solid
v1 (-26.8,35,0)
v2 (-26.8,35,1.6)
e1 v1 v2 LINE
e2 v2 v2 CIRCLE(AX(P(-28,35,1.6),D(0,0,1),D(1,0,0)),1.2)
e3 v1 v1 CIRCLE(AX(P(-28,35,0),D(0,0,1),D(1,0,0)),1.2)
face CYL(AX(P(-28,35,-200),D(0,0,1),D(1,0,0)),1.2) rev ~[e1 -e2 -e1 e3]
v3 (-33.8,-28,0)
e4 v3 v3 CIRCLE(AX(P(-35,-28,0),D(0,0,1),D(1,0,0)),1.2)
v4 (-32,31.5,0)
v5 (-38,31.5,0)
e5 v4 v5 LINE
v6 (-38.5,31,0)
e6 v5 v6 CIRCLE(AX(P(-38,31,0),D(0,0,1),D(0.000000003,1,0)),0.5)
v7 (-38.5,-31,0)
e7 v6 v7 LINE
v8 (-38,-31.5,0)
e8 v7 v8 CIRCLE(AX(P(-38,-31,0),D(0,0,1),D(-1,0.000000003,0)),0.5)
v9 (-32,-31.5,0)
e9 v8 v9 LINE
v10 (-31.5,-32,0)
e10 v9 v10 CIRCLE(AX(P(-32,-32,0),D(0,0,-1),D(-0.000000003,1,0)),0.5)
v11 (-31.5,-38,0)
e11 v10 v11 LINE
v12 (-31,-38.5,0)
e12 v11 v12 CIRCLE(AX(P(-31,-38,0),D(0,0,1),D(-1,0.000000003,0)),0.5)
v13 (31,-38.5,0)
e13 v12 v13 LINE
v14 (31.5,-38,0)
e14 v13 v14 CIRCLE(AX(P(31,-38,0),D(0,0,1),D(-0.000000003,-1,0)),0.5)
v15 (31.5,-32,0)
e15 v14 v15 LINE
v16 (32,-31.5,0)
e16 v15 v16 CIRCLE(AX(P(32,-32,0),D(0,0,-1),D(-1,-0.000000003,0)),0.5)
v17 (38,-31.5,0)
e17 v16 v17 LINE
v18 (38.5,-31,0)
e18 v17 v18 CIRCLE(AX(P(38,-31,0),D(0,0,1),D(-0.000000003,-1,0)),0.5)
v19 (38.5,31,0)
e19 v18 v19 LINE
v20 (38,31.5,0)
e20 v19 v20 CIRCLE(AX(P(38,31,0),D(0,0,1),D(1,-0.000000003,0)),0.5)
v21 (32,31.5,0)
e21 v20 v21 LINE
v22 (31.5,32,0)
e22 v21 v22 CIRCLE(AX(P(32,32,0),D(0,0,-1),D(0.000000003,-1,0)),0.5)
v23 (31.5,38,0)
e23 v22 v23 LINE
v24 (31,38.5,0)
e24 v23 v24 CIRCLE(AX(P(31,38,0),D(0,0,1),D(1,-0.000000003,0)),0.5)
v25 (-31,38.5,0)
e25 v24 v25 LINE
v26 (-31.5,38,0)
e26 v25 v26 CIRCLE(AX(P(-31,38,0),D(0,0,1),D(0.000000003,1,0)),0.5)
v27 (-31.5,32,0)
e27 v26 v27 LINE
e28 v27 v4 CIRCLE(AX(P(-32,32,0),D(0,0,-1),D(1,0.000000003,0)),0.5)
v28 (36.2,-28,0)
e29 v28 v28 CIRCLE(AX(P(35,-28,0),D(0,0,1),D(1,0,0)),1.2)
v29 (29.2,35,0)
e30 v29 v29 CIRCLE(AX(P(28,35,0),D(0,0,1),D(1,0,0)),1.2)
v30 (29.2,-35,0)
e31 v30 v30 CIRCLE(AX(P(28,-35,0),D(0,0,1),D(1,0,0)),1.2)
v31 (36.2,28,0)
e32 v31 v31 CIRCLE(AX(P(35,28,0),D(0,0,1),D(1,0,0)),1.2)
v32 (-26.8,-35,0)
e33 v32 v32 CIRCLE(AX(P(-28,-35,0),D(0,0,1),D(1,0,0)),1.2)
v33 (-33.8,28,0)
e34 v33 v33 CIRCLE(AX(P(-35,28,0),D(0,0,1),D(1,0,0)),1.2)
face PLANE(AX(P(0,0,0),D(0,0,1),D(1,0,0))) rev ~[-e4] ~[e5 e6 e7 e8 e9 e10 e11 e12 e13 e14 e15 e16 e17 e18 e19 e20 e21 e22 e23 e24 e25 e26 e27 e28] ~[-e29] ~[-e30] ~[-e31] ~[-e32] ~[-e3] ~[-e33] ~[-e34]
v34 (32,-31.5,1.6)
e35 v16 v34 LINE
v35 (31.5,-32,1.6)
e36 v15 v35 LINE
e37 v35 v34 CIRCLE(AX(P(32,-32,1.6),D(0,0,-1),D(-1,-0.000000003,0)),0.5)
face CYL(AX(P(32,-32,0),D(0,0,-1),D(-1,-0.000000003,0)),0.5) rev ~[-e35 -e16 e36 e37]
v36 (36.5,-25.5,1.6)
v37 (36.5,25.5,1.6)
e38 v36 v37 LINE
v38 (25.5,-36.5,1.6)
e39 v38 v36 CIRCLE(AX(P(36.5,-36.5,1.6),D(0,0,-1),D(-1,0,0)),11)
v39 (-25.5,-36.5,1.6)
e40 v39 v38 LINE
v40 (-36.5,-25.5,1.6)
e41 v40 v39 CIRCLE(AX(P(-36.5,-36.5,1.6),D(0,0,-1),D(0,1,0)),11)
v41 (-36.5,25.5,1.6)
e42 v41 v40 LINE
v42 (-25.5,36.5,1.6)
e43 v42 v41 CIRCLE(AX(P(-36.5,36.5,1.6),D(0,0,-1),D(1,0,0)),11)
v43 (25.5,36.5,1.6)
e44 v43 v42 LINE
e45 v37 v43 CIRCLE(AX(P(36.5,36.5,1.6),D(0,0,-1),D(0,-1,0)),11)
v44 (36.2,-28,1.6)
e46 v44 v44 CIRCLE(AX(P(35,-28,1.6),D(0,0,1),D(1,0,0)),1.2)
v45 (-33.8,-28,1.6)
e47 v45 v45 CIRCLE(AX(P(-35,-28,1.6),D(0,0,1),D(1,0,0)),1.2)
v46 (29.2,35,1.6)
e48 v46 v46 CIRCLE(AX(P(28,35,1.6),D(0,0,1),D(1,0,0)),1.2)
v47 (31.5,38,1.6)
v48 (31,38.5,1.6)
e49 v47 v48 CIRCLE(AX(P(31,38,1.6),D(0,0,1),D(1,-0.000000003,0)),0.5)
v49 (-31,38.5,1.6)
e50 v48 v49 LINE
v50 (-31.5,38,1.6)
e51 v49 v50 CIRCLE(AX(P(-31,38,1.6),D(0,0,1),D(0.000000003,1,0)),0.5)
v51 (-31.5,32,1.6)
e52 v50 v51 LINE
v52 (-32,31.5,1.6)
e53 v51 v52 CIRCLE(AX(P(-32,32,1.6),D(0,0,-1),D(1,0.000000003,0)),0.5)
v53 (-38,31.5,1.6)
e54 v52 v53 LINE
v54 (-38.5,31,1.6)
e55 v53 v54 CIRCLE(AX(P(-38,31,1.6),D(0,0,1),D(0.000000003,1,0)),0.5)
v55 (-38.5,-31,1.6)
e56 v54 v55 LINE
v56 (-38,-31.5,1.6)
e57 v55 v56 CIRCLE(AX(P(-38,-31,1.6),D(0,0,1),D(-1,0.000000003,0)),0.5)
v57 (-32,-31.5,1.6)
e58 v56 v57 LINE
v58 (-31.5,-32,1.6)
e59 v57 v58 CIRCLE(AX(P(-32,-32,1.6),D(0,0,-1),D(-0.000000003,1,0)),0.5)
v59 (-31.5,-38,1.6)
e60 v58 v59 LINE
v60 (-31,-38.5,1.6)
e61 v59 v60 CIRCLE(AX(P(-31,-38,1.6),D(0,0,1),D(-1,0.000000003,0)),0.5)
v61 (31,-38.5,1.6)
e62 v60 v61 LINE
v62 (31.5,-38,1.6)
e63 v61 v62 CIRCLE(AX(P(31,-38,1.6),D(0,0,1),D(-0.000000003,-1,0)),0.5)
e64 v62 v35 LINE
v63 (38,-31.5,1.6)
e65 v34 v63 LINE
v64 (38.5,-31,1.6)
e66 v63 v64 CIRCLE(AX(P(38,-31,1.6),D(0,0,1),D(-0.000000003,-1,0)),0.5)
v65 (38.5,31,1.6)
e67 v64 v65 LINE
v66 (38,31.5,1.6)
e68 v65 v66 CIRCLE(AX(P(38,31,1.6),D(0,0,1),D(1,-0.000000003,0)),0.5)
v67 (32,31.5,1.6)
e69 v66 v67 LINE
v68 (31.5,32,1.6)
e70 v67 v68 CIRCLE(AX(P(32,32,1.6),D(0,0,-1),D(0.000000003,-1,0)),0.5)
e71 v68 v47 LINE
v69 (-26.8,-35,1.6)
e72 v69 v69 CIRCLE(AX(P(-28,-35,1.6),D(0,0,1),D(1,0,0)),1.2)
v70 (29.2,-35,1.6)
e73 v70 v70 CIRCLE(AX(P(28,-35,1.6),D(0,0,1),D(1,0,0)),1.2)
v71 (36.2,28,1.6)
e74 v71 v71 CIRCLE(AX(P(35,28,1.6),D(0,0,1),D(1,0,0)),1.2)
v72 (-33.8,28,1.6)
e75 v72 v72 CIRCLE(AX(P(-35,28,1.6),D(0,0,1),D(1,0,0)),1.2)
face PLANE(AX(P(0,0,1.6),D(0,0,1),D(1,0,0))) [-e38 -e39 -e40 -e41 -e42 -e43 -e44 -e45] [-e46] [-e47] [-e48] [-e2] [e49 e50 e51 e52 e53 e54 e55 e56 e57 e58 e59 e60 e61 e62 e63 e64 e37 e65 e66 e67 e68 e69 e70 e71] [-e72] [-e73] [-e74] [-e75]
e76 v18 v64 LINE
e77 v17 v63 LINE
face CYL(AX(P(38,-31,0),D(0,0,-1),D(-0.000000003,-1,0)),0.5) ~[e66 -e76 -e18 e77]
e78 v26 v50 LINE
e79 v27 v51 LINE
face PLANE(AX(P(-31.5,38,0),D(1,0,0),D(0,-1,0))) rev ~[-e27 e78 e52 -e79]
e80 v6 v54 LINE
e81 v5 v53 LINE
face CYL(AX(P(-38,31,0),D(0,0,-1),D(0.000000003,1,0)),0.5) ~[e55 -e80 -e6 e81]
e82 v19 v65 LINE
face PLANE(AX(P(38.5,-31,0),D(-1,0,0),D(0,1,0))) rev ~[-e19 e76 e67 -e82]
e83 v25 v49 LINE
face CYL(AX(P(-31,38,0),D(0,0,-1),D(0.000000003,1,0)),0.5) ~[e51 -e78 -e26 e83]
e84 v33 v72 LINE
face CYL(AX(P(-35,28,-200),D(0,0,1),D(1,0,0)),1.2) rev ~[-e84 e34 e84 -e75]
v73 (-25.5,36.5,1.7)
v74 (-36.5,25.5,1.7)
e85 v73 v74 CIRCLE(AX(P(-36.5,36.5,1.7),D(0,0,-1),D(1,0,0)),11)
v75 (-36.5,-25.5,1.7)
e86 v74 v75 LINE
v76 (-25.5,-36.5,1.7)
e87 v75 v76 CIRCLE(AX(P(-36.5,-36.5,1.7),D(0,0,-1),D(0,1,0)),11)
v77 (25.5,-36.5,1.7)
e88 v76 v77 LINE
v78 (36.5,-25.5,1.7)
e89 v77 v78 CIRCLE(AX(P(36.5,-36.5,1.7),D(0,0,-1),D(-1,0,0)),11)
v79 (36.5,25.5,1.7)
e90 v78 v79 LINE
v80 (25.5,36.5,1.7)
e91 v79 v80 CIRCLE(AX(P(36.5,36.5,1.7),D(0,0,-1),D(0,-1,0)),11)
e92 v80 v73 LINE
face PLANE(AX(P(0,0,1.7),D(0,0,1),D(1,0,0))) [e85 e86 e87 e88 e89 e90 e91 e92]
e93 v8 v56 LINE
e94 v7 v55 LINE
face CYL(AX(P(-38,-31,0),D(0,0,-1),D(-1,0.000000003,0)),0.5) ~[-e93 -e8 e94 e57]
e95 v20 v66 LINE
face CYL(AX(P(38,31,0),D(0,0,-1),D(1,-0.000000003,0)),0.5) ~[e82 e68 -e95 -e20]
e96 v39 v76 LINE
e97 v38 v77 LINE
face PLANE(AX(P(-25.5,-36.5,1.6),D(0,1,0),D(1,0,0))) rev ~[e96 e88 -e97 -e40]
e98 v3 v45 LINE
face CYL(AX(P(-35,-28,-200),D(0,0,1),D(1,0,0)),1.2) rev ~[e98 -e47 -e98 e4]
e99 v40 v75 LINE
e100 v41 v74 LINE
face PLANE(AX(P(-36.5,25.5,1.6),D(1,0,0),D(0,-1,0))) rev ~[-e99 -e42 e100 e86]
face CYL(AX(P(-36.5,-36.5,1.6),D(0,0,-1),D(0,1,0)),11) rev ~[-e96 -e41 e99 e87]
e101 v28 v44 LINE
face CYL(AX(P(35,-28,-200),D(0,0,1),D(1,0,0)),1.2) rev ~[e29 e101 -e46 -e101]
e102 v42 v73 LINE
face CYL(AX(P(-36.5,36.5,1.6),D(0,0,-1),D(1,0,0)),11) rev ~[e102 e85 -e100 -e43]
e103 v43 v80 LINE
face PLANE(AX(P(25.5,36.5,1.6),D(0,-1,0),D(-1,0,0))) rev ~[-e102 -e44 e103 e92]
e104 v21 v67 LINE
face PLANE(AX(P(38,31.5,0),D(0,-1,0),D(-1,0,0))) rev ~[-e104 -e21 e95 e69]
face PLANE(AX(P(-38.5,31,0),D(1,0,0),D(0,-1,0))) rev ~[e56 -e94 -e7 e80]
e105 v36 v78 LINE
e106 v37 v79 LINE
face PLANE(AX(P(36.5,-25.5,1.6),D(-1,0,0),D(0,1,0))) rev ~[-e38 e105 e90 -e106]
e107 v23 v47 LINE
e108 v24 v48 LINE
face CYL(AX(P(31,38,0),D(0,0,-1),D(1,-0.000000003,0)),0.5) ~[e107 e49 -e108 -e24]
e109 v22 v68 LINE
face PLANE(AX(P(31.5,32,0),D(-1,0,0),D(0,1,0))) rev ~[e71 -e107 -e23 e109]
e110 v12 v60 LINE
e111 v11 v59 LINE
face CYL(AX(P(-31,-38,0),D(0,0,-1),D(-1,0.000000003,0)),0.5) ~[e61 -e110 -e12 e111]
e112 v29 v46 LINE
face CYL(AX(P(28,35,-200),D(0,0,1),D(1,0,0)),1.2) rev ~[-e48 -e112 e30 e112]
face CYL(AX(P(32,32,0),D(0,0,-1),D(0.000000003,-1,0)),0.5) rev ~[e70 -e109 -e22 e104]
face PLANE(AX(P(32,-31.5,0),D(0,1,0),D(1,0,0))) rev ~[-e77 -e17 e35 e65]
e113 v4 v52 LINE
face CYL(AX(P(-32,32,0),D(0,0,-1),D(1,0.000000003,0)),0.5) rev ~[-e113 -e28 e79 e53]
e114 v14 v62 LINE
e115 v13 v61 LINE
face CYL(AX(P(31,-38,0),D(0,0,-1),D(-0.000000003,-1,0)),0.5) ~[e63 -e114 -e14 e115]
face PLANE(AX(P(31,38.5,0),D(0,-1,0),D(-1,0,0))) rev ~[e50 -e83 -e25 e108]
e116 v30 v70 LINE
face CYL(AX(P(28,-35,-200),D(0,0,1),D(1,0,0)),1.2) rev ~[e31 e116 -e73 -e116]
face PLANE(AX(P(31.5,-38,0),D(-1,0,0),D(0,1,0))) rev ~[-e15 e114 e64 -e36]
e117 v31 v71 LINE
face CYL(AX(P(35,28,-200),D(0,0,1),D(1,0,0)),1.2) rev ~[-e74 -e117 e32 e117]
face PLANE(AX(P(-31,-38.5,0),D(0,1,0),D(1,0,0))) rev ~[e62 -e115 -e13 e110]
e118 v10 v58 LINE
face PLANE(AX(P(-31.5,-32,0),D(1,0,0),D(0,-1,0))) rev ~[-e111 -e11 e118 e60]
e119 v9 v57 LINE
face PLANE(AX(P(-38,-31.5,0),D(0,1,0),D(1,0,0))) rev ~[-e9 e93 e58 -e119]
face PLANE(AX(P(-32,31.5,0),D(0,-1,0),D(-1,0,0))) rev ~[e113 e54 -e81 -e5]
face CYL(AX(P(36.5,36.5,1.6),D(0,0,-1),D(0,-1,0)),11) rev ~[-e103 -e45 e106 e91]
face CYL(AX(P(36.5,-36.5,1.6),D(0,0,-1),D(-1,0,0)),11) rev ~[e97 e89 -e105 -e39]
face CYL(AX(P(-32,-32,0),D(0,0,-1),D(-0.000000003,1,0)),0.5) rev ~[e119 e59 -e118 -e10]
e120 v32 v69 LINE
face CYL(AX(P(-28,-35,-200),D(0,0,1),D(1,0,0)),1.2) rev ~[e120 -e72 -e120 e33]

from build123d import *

# Parameters (mm, degrees)
BOSS_EXTRUDE1_DEPTH            = 1.6
BOSS_EXTRUDE2_DEPTH            = 0.1
M2_HOLE1_FIXINGSTRUCTURE_D     = 2.4
M2_HOLE1_FIXINGSTRUCTURE_DEPTH = 200
M2_HOLE1_FIXINGSTRUCTURE_TIP   = 0.721032743


with BuildPart() as part:
    # Sketch1 → Boss-Extrude1 (new body)
    with BuildSketch(Plane.XY):
        with BuildLine():
            Line((-31.5, 38), (-31.5, 32))
            ThreePointArc((-31.5, 32), (-31.646446609, 31.646446609), (-32, 31.5))
            Line((-32, 31.5), (-38, 31.5))
            ThreePointArc((-38, 31.5), (-38.353553391, 31.353553391), (-38.5, 31))
            Line((-38.5, 31), (-38.5, -31))
            ThreePointArc((-38.5, -31), (-38.353553391, -31.353553391), (-38, -31.5))
            Line((-38, -31.5), (-32, -31.5))
            ThreePointArc((-32, -31.5), (-31.646446609, -31.646446609), (-31.5, -32))
            Line((-31.5, -32), (-31.5, -38))
            ThreePointArc((-31.5, -38), (-31.353553391, -38.353553391), (-31, -38.5))
            Line((-31, -38.5), (31, -38.5))
            ThreePointArc((31, -38.5), (31.353553391, -38.353553391), (31.5, -38))
            Line((31.5, -38), (31.5, -32))
            ThreePointArc((31.5, -32), (31.646446609, -31.646446609), (32, -31.5))
            Line((32, -31.5), (38, -31.5))
            ThreePointArc((38, -31.5), (38.353553391, -31.353553391), (38.5, -31))
            Line((38.5, -31), (38.5, 31))
            ThreePointArc((38.5, 31), (38.353553391, 31.353553391), (38, 31.5))
            Line((38, 31.5), (32, 31.5))
            ThreePointArc((32, 31.5), (31.646446609, 31.646446609), (31.5, 32))
            Line((31.5, 32), (31.5, 38))
            ThreePointArc((31.5, 38), (31.353553391, 38.353553391), (31, 38.5))
            Line((31, 38.5), (-31, 38.5))
            ThreePointArc((-31, 38.5), (-31.353553391, 38.353553391), (-31.5, 38))
        make_face()
    extrude(amount=BOSS_EXTRUDE1_DEPTH)

    # Esboço1 → Boss-Extrude2 (add)
    with BuildSketch(Plane.XY.offset(1.6)):
        with BuildLine():
            Line((-25.5, -36.5), (25.5, -36.5))
            ThreePointArc((25.5, -36.5), (28.721825407, -28.721825407), (36.5, -25.5))
            Line((36.5, -25.5), (36.5, 25.5))
            ThreePointArc((36.5, 25.5), (28.721825407, 28.721825407), (25.5, 36.5))
            Line((25.5, 36.5), (-25.5, 36.5))
            ThreePointArc((-25.5, 36.5), (-28.721825407, 28.721825407), (-36.5, 25.5))
            Line((-36.5, 25.5), (-36.5, -25.5))
            ThreePointArc((-36.5, -25.5), (-28.721825407, -28.721825407), (-25.5, -36.5))
        make_face()
    extrude(amount=BOSS_EXTRUDE2_DEPTH)

    # M2 Hole1-FixingStructure
    with Locations(Plane(origin=(0, 0, 0), x_dir=(-1, 0, 0), z_dir=(0, 0, -1))):
        with Locations((-28, 35), (28, 35), (-28, -35), (28, -35), (35, 28), (35, -28), (-35, -28), (-35, 28)):
            Hole(M2_HOLE1_FIXINGSTRUCTURE_D / 2, depth=M2_HOLE1_FIXINGSTRUCTURE_DEPTH)
            with Locations((0, 0, -(M2_HOLE1_FIXINGSTRUCTURE_DEPTH + M2_HOLE1_FIXINGSTRUCTURE_TIP / 2))):  # 118° drill point
                Cone(0, M2_HOLE1_FIXINGSTRUCTURE_D / 2, M2_HOLE1_FIXINGSTRUCTURE_TIP, mode=Mode.SUBTRACT)


solid = part.part
